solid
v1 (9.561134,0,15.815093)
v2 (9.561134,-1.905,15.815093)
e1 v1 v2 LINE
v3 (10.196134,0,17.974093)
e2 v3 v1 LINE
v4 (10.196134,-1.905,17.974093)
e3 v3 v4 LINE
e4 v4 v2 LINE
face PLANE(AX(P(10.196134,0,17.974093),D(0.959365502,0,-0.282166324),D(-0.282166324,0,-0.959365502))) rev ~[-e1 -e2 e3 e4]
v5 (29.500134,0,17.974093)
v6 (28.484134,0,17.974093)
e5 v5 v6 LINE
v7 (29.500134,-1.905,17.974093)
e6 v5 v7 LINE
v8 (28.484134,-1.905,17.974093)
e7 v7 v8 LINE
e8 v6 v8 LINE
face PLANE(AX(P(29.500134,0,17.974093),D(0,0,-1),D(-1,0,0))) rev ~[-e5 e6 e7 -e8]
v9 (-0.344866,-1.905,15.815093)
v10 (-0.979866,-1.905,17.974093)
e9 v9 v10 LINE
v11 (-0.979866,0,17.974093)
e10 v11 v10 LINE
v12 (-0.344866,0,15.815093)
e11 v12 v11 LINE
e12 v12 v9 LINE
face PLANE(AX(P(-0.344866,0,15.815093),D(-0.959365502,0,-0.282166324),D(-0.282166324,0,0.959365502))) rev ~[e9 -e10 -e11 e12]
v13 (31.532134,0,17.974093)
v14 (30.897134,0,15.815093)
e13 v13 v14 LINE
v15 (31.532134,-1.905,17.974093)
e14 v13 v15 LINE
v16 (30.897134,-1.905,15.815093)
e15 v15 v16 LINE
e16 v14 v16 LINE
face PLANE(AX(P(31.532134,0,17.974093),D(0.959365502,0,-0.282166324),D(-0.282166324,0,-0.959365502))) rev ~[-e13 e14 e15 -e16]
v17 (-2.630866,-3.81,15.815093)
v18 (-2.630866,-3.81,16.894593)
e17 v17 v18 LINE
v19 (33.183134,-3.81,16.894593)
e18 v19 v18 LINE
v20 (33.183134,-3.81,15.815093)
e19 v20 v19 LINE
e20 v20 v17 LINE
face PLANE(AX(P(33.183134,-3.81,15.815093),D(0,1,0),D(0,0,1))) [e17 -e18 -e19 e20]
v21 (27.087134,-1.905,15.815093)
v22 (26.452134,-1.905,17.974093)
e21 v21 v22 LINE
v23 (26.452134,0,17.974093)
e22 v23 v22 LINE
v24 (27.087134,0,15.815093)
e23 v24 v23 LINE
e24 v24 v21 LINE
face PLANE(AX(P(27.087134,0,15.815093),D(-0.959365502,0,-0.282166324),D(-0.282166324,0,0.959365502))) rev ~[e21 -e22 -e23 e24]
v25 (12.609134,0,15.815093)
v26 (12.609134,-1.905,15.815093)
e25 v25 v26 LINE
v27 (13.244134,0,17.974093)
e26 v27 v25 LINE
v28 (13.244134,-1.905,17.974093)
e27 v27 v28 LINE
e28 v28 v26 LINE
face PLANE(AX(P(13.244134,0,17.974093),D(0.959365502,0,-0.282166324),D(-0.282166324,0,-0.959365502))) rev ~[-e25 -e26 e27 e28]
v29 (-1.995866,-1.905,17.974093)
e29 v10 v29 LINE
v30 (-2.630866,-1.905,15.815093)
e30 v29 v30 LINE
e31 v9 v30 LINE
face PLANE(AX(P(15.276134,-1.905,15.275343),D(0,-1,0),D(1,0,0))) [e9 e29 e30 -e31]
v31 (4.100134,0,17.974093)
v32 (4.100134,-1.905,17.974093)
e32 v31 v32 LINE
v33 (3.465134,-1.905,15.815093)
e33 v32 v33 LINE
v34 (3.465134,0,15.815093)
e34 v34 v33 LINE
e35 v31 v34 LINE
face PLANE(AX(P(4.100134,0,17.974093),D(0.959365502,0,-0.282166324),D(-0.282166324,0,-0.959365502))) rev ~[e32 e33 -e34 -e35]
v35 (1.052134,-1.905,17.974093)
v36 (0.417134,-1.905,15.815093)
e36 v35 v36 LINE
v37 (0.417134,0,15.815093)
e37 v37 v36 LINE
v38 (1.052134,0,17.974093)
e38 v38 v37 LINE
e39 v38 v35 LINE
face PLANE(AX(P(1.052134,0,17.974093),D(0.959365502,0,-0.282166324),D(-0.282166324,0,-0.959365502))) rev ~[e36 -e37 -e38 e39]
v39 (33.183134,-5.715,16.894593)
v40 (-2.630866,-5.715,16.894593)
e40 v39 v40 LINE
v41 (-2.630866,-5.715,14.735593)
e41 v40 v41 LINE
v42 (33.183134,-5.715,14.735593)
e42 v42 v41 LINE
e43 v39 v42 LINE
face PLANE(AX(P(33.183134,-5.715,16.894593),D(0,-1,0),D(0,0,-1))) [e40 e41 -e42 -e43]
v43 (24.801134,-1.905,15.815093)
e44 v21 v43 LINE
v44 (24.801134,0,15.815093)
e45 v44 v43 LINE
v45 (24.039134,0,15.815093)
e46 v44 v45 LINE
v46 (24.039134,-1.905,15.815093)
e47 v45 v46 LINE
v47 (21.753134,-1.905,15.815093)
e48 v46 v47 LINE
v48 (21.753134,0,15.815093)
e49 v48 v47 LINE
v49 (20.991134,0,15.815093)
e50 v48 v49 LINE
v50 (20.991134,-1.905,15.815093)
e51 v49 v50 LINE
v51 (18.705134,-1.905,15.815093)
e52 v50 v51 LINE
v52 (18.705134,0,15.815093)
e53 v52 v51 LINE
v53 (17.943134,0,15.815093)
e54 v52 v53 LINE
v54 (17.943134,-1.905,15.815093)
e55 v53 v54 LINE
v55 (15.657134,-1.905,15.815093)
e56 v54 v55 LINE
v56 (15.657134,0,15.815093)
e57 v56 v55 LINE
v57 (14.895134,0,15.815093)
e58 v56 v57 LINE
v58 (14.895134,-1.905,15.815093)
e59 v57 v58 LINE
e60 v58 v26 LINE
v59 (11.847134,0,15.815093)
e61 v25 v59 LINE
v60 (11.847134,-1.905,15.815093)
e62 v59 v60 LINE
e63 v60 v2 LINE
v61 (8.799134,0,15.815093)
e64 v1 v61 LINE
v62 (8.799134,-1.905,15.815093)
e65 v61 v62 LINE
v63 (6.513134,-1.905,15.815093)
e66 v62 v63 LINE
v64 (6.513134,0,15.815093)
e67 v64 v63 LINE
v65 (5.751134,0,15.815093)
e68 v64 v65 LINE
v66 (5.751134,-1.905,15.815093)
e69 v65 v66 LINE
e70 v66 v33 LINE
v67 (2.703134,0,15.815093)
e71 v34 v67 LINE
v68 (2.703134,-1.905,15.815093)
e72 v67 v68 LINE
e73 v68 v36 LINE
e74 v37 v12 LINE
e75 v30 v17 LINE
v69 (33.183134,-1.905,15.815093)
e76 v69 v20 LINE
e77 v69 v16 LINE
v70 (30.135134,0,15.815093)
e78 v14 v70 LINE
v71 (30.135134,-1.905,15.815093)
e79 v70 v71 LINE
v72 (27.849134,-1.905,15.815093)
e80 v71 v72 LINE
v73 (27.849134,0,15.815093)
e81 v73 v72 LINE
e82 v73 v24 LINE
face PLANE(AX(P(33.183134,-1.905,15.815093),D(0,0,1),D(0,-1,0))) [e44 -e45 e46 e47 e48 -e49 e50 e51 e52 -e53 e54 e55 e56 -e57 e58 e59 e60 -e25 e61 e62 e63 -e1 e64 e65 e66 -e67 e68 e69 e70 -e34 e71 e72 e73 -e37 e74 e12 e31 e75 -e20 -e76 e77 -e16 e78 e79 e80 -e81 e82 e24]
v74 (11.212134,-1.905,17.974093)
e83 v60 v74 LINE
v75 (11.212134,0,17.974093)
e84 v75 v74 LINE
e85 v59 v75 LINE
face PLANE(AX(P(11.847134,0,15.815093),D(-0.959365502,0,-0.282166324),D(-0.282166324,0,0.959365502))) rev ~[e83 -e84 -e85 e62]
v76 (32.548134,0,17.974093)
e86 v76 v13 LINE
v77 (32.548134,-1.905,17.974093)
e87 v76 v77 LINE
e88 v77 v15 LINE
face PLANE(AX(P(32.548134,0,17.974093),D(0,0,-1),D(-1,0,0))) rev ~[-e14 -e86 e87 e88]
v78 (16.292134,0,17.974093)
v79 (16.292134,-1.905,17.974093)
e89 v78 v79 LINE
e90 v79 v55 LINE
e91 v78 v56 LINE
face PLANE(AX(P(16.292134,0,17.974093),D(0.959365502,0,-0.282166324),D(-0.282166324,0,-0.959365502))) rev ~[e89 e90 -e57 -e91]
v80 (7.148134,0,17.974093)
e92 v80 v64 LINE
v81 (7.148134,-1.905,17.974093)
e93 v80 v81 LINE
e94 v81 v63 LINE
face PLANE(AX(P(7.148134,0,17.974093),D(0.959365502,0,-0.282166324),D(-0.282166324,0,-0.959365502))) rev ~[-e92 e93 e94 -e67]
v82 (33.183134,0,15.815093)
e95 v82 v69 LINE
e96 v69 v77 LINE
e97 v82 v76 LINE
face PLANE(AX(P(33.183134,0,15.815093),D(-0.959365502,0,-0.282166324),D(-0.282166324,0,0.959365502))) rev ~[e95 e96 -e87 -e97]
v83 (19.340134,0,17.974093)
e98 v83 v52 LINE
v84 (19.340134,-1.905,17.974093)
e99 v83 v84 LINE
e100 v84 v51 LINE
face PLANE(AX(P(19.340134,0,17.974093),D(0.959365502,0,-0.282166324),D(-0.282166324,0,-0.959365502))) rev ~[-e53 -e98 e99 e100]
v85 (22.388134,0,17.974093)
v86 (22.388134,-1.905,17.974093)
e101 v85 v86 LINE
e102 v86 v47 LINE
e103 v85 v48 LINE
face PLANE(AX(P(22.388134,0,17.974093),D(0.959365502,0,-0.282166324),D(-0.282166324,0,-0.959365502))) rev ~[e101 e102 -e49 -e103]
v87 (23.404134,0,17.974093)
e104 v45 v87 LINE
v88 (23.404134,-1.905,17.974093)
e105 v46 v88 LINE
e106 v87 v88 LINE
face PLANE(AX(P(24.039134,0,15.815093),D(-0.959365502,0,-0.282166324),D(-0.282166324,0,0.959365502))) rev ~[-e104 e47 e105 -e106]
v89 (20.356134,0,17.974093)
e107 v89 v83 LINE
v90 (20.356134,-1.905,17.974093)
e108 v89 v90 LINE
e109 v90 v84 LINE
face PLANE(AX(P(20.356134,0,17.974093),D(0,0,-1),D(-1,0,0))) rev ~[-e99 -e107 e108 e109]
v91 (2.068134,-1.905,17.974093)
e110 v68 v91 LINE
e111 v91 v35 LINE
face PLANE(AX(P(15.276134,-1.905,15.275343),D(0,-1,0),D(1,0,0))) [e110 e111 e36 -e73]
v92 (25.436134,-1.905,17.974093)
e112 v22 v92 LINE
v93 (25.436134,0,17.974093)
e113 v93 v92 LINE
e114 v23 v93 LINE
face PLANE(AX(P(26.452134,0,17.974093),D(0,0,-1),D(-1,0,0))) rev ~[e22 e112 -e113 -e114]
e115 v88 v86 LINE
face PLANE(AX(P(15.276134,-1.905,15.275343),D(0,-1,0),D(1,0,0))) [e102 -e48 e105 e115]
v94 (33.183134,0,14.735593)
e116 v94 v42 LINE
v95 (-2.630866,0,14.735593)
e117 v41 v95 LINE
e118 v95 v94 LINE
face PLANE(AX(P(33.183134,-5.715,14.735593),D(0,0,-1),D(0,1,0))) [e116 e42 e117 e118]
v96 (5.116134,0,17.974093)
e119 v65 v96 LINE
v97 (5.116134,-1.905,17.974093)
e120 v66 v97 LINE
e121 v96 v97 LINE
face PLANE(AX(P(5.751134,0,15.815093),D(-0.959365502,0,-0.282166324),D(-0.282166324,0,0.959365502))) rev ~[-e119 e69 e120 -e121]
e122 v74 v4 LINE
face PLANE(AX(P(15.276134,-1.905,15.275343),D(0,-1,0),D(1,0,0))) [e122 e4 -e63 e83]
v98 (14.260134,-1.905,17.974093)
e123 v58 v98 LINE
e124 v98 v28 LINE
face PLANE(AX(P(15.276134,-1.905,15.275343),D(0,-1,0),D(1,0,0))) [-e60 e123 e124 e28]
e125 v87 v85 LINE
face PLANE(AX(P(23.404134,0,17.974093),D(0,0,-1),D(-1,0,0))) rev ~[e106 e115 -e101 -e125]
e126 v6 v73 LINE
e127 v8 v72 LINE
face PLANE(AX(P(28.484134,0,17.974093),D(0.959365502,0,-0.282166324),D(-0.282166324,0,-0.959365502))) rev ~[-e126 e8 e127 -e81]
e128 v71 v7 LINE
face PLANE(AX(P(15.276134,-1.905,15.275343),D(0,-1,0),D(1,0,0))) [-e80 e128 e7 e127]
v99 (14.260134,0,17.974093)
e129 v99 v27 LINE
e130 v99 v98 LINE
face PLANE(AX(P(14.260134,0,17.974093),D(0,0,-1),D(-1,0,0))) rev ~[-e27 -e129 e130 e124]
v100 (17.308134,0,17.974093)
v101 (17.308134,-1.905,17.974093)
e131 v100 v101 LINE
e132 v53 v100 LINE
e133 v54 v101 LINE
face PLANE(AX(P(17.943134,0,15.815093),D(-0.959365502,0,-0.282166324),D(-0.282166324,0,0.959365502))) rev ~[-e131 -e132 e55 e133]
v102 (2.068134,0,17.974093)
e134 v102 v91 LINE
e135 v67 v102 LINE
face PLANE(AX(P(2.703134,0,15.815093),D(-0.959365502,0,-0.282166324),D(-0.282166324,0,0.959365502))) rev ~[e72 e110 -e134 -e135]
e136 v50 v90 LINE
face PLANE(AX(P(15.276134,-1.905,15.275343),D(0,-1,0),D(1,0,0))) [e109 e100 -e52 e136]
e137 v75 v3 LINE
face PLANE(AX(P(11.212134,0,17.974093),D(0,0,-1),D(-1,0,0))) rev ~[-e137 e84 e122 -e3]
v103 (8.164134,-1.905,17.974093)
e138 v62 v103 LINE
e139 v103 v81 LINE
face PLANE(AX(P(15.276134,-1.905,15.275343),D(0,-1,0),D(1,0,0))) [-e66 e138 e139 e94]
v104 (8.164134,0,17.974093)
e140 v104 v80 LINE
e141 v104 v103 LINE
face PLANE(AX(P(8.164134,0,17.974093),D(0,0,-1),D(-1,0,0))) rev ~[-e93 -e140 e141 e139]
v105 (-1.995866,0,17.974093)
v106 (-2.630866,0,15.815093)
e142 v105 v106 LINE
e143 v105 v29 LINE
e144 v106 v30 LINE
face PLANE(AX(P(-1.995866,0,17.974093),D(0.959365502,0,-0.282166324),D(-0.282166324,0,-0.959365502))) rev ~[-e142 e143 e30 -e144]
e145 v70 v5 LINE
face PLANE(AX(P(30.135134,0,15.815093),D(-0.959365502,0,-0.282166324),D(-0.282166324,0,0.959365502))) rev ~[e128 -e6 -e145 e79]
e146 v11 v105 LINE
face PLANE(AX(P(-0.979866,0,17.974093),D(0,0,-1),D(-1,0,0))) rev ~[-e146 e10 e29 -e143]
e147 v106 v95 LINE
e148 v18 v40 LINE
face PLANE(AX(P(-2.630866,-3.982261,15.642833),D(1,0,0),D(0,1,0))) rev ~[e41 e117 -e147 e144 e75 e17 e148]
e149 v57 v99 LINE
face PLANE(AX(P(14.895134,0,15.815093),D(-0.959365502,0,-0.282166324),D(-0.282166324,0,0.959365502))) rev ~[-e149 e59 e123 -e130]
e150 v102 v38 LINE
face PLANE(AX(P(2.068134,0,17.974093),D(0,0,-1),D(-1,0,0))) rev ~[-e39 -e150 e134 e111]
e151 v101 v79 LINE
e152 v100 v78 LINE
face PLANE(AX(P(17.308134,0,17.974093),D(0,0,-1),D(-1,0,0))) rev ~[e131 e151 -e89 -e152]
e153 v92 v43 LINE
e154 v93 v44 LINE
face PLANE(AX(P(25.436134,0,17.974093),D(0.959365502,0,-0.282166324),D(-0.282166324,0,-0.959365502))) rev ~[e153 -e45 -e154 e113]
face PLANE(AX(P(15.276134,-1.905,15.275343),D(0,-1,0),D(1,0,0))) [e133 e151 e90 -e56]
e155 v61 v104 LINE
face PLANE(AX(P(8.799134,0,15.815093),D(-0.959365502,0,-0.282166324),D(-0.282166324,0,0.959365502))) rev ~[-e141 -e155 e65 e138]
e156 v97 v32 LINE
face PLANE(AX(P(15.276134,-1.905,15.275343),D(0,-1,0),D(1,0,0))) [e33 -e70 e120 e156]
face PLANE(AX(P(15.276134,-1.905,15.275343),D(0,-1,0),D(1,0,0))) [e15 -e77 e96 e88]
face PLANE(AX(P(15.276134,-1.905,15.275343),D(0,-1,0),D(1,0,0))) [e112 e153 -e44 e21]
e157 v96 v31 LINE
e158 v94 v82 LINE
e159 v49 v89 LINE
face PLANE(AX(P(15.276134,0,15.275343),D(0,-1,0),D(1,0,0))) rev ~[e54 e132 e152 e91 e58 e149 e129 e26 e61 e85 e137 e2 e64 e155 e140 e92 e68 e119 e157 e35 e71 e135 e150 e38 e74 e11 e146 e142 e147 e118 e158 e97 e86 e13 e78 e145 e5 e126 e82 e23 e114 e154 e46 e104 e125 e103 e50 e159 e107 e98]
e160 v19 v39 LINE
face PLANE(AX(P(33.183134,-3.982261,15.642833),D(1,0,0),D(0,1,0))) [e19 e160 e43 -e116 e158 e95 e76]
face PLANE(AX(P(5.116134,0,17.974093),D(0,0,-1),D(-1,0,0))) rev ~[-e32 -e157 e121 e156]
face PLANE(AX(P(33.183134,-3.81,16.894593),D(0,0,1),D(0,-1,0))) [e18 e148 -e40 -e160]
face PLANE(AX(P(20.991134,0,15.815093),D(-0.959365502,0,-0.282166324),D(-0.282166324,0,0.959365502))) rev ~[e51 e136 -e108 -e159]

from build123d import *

# Parameters (mm, degrees)
F1_DEPTH = 3.81
F4_DEPTH = 71.628
F5_SCALE = 0.5


with BuildPart() as f1:
    # F0 (on Front) → F1 (new body)
    with BuildSketch(Plane.XZ):
        Polygon((-38.4448663006, 16.8945933835), (-38.4448663006, 14.7355933835), (33.1831336994, 14.7355933835), (33.1831336994, 16.8945933835), (28.6111336994, 16.8945933835), (27.0871336994, 16.8945933835), (22.5151336994, 16.8945933835), (20.9911336994, 16.8945933835), (16.4191336994, 16.8945933835), (14.8951336994, 16.8945933835), (10.3231336994, 16.8945933835), (8.7991336994, 16.8945933835), (4.2271336994, 16.8945933835), (2.7031336994, 16.8945933835), (-1.8688663006, 16.8945933835), (-3.3928663006, 16.8945933835), (-7.9648663006, 16.8945933835), (-9.4888663006, 16.8945933835), (-14.0608663006, 16.8945933835), (-15.5848663006, 16.8945933835), (-20.1568663006, 16.8945933835), (-21.6808663006, 16.8945933835), (-26.2528663006, 16.8945933835), (-27.7768663006, 16.8945933835), (-32.3488663006, 16.8945933835), (-33.8728663006, 16.8945933835), align=None)
        Polygon((-37.1748663006, 21.2125933835), (-38.4448663006, 16.8945933835), (-33.8728663006, 16.8945933835), (-35.1428663006, 21.2125933835), align=None)
        Polygon((28.6111336994, 16.8945933835), (33.1831336994, 16.8945933835), (31.9131336994, 21.2125933835), (29.8811336994, 21.2125933835), align=None)
        Polygon((-31.0788663006, 21.2125933835), (-32.3488663006, 16.8945933835), (-27.7768663006, 16.8945933835), (-29.0468663006, 21.2125933835), align=None)
        Polygon((22.5151336994, 16.8945933835), (27.0871336994, 16.8945933835), (25.8171336994, 21.2125933835), (23.7851336994, 21.2125933835), align=None)
        Polygon((-24.9828663006, 21.2125933835), (-26.2528663006, 16.8945933835), (-21.6808663006, 16.8945933835), (-22.9508663006, 21.2125933835), align=None)
        Polygon((16.4191336994, 16.8945933835), (20.9911336994, 16.8945933835), (19.7211336994, 21.2125933835), (17.6891336994, 21.2125933835), align=None)
        Polygon((-18.8868663006, 21.2125933835), (-20.1568663006, 16.8945933835), (-15.5848663006, 16.8945933835), (-16.8548663006, 21.2125933835), align=None)
        Polygon((10.3231336994, 16.8945933835), (14.8951336994, 16.8945933835), (13.6251336994, 21.2125933835), (11.5931336994, 21.2125933835), align=None)
        Polygon((-12.7908663006, 21.2125933835), (-14.0608663006, 16.8945933835), (-9.4888663006, 16.8945933835), (-10.7588663006, 21.2125933835), align=None)
        Polygon((4.2271336994, 16.8945933835), (8.7991336994, 16.8945933835), (7.5291336994, 21.2125933835), (5.4971336994, 21.2125933835), align=None)
        Polygon((-6.6948663006, 21.2125933835), (-7.9648663006, 16.8945933835), (-3.3928663006, 16.8945933835), (-4.6628663006, 21.2125933835), align=None)
        Polygon((-1.8688663006, 16.8945933835), (2.7031336994, 16.8945933835), (1.4331336994, 21.2125933835), (-0.5988663006, 21.2125933835), align=None)
    extrude(amount=F1_DEPTH)

    # F3 (on plane+point) → F4 (join, through all)
    with BuildSketch(Plane.YZ.offset(33.1831336994)):
        Polygon((-11.43, 14.7355933835), (-3.81, 14.7355933835), (-3.81, 16.8945933835), (-7.62, 16.8945933835), (-7.62, 19.0535933835), (-11.43, 19.0535933835), (-11.43, 16.8945933835), align=None)
    extrude(amount=-F4_DEPTH)


with BuildPart() as f1_1:
    # F5: moved
    add(f1.part.scale(F5_SCALE).moved(Location((16.5915668497, 0, 7.3677966917))))


solid = f1_1.part
